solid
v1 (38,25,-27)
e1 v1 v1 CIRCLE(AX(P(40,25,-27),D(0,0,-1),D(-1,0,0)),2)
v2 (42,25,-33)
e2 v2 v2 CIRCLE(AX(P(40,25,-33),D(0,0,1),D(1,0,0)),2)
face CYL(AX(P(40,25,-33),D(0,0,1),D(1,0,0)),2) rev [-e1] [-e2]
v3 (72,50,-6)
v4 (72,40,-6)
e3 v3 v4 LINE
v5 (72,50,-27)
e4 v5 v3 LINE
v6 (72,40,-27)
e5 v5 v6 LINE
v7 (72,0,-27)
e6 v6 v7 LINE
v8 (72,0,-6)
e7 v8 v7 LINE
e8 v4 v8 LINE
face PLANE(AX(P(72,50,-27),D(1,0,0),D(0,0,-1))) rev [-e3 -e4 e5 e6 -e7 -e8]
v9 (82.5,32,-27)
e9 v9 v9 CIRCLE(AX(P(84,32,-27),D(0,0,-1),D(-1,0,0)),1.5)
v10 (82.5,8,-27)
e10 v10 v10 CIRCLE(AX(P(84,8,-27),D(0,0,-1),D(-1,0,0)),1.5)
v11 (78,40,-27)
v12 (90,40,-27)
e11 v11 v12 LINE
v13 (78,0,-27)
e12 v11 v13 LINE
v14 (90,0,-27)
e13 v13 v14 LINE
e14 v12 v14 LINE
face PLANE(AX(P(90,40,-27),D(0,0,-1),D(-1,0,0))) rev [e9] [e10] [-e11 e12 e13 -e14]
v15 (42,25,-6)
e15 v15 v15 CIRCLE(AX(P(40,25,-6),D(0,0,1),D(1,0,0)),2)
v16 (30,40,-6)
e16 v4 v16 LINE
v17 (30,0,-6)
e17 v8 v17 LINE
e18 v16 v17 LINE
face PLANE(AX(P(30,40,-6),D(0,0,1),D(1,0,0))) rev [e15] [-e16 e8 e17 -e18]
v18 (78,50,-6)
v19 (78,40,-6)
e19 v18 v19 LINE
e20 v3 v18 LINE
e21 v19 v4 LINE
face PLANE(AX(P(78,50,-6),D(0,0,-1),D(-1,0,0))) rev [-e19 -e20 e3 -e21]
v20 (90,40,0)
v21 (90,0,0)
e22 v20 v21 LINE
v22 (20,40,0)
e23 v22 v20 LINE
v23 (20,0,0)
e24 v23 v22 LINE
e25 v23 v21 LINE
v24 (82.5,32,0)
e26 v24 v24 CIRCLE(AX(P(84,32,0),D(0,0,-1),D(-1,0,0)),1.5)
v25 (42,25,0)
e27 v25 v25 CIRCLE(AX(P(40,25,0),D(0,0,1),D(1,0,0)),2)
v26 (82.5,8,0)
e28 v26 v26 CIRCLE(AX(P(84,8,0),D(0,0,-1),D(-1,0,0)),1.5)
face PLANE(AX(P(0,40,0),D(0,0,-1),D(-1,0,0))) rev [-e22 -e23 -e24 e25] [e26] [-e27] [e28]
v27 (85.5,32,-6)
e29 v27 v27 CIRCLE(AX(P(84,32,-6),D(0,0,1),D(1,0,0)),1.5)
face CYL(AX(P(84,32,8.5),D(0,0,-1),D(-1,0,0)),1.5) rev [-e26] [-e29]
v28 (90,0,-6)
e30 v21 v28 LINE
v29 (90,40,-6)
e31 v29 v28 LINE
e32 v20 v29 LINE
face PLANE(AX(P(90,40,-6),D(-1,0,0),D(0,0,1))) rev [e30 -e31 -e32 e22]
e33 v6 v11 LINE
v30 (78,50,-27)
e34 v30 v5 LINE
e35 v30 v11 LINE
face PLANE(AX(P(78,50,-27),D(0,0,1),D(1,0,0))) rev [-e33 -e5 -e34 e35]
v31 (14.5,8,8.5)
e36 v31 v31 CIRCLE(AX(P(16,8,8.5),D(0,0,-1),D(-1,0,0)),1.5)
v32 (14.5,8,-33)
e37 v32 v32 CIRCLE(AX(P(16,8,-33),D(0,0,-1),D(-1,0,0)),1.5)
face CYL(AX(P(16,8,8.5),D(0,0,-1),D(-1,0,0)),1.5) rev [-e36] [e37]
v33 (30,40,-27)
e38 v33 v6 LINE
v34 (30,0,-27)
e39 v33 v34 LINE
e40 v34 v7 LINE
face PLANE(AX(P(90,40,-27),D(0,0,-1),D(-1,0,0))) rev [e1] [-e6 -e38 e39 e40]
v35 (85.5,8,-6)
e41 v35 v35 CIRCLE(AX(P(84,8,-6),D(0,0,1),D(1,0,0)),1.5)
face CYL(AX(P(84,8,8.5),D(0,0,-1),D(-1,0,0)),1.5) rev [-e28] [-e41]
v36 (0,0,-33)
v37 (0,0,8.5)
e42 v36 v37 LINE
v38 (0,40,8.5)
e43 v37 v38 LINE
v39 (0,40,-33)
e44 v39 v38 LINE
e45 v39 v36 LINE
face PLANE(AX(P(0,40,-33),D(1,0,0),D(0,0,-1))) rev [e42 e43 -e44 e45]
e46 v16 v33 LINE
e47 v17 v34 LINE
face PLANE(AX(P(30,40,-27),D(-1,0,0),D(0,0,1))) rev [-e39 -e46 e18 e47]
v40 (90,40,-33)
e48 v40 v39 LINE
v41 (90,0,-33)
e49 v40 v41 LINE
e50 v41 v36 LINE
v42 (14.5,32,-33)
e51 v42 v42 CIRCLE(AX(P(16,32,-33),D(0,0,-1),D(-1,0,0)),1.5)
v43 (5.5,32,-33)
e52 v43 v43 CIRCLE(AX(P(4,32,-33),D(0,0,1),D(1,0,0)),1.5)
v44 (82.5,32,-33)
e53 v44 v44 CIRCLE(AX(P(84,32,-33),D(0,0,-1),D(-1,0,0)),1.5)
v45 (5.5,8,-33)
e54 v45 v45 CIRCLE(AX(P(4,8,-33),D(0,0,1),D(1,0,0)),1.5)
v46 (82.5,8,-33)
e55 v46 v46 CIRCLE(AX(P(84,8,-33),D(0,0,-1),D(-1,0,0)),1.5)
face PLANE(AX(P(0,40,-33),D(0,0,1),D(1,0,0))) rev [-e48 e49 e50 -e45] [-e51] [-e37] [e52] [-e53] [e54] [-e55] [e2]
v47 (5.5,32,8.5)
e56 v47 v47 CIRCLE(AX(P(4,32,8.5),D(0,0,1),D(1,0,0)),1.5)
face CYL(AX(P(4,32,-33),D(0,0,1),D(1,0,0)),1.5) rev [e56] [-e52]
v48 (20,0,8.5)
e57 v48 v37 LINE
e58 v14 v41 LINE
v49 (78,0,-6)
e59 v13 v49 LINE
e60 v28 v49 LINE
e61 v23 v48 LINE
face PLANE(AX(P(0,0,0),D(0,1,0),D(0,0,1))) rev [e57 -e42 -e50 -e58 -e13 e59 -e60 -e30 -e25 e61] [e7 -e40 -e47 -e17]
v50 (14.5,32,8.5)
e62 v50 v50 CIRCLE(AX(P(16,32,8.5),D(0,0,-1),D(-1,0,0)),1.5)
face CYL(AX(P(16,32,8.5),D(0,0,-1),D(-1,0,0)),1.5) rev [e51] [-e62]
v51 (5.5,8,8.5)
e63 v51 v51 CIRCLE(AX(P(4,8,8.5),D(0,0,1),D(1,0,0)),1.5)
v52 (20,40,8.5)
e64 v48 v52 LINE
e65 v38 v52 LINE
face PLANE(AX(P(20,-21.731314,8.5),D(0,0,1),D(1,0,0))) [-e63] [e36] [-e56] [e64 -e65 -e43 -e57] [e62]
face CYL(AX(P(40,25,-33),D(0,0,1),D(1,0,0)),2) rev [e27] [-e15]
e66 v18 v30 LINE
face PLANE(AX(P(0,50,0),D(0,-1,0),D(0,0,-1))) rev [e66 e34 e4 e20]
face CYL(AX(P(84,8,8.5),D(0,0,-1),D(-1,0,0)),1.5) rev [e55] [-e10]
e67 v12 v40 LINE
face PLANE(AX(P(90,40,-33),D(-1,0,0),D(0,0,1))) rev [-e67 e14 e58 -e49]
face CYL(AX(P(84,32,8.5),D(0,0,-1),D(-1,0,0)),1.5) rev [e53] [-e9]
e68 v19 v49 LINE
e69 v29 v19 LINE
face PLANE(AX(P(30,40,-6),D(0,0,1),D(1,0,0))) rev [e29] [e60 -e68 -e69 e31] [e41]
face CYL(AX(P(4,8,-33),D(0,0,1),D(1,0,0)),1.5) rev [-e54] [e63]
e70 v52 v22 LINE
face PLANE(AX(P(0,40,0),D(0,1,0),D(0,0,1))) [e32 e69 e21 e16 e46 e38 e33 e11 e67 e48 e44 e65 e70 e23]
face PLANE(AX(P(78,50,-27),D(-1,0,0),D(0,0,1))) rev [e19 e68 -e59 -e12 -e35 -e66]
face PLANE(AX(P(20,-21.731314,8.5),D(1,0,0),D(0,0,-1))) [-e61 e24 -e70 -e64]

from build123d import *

# Parameters (mm, degrees)
EXTRUDE_1_DEPTH      = 40
SKETCH_7_W           = 20
SKETCH_7_H           = 8.5
EXTRUDE_5_DEPTH      = 40
SKETCH_8_R           = 1.5
CUT_EXTRUDE_2_DEPTH  = 107.874926901
SKETCH_9_R           = 1.5
CUT_EXTRUDE_3_DEPTH  = 107.874926901
EXTRUDE_6_DEPTH      = 10
EXTRUDE_6_DEPTH_BACK = 40
SKETCH_10_W          = 6
SKETCH_10_H          = 21
SKETCH_11_R          = 2
CUT_EXTRUDE_4_DEPTH  = 109.115678789


with BuildPart() as part:
    # 草图1 → 凸台-拉伸1 (new body)
    with BuildSketch(Plane(origin=(0, 0, 0), x_dir=(1, 0, 0), z_dir=(0, 1, 0))):
        Polygon((0, 0), (90, 0), (90, 6), (30, 6), (30, 27), (90, 27), (90, 33), (0, 33), align=None)
    extrude(amount=EXTRUDE_1_DEPTH)

    # 草图7 → 凸台-拉伸5 (add)
    with BuildSketch(Plane(origin=(0, 40, 0), x_dir=(1, 0, 0), z_dir=(0, 1, 0))):
        with Locations((10, -4.25)):
            Rectangle(SKETCH_7_W, SKETCH_7_H)
    extrude(amount=-EXTRUDE_5_DEPTH)

    # 草图8 → 切除-拉伸2 (cut, through all)
    with BuildSketch(Plane(origin=(0, 0, -33), x_dir=(-1, 0, 0), z_dir=(0, 0, -1))):
        with Locations((-84, 8)):
            Circle(SKETCH_8_R)
        with Locations((-84, 32)):
            Circle(SKETCH_8_R)
        with Locations((-16, 32)):
            Circle(SKETCH_8_R)
        with Locations((-16, 8)):
            Circle(SKETCH_8_R)
    extrude(amount=-CUT_EXTRUDE_2_DEPTH, mode=Mode.SUBTRACT)

    # 草图9 → 切除-拉伸3 (cut, through all)
    with BuildSketch(Plane.XY.offset(8.5)):
        with Locations((4, 32)):
            Circle(SKETCH_9_R)
        with Locations((4, 8)):
            Circle(SKETCH_9_R)
    extrude(amount=-CUT_EXTRUDE_3_DEPTH, mode=Mode.SUBTRACT)

    # 草图10 → 凸台-拉伸6 (add, two sides: drawn at the far end of the back side and taken through both)
    with BuildSketch(Plane(origin=(0, 40, 0), x_dir=(1, 0, 0), z_dir=(0, 1, 0)).offset(-EXTRUDE_6_DEPTH_BACK)):
        with Locations((75, 16.5)):
            Rectangle(SKETCH_10_W, SKETCH_10_H)
    extrude(amount=EXTRUDE_6_DEPTH + EXTRUDE_6_DEPTH_BACK)

    # 草图11 → 切除-拉伸4 (cut, through all)
    with BuildSketch(Plane.XY):
        with Locations((40, 25)):
            Circle(SKETCH_11_R)
    extrude(amount=-CUT_EXTRUDE_4_DEPTH, mode=Mode.SUBTRACT)


solid = part.part
